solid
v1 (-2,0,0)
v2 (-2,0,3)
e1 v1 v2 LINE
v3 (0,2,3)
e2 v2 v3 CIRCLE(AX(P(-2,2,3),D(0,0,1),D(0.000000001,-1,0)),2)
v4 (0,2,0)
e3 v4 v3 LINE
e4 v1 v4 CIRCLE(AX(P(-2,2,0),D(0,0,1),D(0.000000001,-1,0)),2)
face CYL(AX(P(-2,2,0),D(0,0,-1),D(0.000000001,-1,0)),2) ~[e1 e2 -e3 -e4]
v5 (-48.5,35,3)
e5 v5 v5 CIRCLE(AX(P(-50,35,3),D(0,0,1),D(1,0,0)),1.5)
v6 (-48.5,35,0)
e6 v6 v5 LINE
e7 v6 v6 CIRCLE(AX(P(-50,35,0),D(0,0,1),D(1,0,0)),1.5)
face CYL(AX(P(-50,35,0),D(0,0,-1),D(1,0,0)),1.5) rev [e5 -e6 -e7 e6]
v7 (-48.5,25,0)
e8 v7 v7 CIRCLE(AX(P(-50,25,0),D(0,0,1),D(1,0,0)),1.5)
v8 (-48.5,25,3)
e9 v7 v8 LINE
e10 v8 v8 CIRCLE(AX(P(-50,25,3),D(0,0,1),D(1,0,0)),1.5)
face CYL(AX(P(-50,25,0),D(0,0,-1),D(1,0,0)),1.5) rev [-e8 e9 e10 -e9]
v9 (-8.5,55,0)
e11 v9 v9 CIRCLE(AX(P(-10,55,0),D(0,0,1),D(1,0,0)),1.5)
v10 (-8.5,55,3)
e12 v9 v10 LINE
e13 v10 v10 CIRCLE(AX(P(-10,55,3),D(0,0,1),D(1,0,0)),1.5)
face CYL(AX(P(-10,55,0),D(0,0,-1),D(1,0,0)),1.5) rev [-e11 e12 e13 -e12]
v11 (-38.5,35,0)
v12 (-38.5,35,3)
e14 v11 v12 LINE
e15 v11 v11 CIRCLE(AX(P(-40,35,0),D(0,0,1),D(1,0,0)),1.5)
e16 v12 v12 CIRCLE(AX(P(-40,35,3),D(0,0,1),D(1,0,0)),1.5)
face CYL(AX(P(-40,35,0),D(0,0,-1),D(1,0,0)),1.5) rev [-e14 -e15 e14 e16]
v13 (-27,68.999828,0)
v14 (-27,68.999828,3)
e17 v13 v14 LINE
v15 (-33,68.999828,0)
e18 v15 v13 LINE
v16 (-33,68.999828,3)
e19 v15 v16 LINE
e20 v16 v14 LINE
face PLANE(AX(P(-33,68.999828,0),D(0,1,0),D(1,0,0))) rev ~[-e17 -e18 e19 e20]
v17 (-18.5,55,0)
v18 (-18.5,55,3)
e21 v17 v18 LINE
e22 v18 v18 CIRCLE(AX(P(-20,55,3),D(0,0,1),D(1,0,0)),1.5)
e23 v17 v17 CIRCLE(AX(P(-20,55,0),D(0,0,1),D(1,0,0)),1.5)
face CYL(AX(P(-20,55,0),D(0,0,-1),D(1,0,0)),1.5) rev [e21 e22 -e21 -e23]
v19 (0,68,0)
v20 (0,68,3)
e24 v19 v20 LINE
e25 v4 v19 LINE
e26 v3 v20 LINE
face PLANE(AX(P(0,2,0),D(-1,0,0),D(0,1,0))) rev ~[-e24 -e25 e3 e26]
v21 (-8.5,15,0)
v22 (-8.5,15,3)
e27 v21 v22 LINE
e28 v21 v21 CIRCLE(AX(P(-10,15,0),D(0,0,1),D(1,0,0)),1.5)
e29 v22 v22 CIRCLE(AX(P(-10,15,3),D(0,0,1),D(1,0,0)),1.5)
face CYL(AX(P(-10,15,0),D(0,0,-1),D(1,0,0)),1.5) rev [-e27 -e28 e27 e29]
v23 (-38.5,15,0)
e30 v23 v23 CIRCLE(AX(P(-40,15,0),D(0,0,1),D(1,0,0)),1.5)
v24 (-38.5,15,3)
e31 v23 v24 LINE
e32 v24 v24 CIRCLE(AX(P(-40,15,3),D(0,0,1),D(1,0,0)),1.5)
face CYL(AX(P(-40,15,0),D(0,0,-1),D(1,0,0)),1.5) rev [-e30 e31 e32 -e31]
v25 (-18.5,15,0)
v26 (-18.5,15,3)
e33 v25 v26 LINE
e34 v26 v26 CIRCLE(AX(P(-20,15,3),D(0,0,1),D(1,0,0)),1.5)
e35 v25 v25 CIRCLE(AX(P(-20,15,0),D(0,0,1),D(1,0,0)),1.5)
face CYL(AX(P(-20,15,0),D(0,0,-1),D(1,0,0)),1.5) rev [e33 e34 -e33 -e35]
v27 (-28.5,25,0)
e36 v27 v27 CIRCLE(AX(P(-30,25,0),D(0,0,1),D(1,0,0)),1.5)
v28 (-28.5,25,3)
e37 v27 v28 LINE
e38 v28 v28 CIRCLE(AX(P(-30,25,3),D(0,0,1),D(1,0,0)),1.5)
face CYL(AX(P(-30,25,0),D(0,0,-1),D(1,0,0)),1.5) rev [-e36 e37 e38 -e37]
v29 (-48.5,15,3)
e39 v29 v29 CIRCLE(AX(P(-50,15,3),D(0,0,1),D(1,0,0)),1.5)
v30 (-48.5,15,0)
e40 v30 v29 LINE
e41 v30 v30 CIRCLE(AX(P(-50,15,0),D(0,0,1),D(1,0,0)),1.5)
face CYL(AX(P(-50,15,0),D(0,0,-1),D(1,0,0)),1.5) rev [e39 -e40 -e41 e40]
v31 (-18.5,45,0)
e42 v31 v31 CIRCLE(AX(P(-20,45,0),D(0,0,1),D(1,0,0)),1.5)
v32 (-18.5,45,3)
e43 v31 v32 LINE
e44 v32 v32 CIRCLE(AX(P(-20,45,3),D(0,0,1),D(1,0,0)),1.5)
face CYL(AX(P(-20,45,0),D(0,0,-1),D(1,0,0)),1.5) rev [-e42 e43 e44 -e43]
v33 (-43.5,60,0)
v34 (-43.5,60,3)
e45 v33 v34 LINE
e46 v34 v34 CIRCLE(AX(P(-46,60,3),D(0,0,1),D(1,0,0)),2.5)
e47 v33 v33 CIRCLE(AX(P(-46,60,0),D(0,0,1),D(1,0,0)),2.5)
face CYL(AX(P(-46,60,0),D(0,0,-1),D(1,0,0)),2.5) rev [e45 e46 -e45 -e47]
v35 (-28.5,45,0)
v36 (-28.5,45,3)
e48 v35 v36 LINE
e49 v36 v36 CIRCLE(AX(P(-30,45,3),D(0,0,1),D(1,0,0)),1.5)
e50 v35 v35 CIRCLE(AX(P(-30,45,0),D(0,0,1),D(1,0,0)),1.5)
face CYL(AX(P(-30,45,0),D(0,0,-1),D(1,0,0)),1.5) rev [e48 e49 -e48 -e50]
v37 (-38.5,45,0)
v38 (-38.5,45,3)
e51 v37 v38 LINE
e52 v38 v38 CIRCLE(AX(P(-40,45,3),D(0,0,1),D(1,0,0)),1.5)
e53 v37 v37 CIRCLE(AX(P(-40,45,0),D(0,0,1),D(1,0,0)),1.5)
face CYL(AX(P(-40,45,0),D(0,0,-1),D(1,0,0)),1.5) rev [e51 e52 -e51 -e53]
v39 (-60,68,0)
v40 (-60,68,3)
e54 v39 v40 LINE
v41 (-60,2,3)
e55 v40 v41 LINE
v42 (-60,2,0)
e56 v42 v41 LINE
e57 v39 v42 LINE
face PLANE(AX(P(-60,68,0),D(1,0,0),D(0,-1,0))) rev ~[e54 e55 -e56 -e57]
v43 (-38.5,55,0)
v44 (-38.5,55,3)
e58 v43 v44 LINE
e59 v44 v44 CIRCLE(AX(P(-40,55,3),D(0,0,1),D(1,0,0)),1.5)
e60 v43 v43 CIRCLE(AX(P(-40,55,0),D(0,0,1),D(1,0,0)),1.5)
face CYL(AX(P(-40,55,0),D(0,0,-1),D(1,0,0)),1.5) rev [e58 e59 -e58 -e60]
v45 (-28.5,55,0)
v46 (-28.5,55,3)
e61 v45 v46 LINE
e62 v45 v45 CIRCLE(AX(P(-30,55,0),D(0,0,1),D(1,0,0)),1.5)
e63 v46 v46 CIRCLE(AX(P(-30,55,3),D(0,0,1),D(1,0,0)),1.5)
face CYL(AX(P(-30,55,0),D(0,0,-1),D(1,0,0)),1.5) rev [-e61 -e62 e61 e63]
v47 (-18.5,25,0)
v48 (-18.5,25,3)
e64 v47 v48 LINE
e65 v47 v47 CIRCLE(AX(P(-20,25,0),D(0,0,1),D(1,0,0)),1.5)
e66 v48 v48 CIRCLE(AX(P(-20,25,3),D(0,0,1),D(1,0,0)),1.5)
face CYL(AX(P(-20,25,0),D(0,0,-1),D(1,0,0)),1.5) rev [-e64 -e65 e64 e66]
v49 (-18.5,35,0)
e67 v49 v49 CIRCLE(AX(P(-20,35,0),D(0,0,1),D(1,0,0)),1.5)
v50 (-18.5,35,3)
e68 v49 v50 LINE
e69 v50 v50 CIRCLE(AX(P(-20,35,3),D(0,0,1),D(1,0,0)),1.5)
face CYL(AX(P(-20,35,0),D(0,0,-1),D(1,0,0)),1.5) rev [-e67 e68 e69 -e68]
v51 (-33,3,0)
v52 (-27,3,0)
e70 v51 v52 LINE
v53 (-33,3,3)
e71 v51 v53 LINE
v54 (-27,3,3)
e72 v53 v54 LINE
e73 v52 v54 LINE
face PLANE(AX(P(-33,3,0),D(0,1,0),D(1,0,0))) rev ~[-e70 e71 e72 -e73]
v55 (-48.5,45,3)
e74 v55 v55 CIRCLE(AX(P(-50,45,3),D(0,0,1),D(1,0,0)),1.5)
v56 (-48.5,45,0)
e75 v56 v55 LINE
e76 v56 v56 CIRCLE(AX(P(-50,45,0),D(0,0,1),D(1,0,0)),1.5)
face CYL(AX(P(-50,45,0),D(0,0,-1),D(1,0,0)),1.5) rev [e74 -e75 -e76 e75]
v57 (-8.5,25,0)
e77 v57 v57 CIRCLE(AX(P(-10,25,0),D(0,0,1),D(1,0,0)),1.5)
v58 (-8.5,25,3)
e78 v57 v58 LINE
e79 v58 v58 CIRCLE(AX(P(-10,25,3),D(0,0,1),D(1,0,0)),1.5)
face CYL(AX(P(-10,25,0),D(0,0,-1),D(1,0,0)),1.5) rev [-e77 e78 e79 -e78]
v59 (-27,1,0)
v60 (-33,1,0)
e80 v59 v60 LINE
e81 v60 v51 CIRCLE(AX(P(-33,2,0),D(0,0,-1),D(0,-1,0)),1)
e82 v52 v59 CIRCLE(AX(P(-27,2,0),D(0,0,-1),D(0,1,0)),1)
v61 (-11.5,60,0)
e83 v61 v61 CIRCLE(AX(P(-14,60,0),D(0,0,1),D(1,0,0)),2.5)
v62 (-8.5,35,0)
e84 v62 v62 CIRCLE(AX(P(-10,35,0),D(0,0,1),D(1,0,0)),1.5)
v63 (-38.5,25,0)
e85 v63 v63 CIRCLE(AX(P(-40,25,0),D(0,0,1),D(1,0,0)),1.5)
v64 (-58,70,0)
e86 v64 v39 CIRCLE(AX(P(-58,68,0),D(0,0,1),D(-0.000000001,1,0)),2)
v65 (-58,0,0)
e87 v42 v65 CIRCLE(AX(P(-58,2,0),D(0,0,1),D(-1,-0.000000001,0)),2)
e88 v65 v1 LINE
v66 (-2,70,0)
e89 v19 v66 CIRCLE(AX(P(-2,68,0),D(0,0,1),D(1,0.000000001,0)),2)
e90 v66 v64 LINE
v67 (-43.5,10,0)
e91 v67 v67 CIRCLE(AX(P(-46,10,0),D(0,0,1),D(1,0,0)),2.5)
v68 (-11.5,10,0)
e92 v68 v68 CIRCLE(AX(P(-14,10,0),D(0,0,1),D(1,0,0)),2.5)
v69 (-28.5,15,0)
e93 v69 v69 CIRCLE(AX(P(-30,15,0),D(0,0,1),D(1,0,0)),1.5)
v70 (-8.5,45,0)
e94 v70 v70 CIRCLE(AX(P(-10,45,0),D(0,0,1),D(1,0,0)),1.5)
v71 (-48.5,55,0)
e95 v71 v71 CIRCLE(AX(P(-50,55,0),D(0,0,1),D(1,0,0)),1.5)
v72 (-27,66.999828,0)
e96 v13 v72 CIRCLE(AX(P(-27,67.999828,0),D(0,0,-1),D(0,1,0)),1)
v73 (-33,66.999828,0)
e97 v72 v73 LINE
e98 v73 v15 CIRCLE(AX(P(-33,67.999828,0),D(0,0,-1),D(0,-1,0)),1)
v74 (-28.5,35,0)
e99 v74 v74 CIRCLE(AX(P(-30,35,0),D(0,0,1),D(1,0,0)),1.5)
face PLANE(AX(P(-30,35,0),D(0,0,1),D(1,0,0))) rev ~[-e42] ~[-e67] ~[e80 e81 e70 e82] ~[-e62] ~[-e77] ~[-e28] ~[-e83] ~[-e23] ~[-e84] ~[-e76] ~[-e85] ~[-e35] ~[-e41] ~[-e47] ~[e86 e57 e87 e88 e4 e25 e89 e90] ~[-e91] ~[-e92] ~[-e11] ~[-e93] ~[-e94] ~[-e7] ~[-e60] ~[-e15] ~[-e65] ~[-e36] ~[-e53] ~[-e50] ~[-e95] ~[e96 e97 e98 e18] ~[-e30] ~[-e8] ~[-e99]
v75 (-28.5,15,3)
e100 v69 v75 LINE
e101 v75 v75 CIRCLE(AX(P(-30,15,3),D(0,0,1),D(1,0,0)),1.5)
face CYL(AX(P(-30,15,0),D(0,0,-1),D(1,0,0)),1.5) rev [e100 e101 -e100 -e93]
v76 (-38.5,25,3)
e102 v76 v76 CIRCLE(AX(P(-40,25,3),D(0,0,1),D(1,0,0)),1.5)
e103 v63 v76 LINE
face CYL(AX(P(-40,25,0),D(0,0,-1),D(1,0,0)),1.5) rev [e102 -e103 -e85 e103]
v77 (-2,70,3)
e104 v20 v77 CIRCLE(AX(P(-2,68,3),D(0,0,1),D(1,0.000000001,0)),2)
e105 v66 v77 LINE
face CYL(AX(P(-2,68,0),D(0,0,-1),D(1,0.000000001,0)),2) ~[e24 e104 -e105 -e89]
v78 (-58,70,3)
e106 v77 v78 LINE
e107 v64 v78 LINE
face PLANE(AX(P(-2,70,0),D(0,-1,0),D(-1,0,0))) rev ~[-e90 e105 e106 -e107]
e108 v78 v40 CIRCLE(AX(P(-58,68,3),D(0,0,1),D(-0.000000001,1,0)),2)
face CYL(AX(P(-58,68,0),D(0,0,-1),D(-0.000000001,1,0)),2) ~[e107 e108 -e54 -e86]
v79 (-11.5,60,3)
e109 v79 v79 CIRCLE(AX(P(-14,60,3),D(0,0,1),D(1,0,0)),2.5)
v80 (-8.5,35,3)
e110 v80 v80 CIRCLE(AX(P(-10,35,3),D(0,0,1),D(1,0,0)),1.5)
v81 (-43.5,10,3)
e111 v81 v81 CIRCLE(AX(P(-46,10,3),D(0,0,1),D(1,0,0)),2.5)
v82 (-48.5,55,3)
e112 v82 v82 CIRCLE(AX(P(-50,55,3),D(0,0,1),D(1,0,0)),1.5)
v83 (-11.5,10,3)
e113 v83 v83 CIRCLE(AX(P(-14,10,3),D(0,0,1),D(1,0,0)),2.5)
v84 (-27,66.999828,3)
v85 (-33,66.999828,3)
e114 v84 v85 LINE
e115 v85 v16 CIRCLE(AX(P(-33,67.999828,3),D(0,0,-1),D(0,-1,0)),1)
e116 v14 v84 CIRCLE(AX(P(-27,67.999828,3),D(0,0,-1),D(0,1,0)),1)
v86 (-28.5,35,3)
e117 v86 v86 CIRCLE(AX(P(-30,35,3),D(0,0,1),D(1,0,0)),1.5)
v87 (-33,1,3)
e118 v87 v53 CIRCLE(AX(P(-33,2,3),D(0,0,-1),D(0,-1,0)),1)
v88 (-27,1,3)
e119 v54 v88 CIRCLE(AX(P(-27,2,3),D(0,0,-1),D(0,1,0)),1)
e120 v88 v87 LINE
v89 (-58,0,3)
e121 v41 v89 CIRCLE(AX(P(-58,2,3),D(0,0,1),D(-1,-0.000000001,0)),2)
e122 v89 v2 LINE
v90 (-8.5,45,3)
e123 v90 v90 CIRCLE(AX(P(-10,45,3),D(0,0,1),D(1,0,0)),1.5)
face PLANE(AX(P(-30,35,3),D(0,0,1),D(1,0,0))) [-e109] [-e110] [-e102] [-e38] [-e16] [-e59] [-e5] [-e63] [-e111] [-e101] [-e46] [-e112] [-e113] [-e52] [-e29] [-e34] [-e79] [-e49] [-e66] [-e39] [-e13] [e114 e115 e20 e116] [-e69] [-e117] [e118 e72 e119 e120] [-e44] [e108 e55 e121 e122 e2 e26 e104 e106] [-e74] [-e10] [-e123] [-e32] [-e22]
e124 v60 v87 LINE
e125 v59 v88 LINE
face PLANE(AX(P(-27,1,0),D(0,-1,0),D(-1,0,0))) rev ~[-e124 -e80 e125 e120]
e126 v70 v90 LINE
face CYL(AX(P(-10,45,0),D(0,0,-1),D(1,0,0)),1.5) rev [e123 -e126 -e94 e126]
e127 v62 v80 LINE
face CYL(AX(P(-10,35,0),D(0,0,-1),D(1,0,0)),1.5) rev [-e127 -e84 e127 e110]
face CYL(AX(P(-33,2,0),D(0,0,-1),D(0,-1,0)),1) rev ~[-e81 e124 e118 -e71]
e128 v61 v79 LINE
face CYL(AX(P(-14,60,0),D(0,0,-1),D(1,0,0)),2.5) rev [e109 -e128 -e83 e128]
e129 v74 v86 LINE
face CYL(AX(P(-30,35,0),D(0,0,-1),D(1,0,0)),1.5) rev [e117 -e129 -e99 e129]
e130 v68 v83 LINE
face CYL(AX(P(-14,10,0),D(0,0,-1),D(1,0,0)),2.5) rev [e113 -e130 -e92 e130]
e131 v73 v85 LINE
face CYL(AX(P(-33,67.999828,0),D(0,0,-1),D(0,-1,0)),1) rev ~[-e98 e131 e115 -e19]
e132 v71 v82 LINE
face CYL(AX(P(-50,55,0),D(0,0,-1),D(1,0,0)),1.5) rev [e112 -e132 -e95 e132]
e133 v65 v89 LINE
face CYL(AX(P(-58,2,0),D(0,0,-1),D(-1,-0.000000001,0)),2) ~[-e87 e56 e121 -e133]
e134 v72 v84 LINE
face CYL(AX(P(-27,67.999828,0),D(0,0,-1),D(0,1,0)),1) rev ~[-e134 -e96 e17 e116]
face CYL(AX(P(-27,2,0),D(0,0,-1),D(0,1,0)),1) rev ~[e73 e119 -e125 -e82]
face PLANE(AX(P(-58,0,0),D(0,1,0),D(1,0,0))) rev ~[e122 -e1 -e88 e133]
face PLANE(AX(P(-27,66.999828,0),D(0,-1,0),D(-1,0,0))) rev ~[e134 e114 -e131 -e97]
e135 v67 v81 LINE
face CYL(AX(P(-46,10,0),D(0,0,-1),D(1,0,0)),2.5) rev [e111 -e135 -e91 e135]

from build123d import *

# Parameters (mm, degrees)
MODEL_R             = 1.5
MODEL_R_2           = 2.5
BOSS_EXTRUDE1_DEPTH = 3


with BuildPart() as part:
    # Model → Boss-Extrude1 (new body)
    with BuildSketch(Plane.XY):
        with BuildLine():
            Line((-2, 70), (-58, 70))
            ThreePointArc((-58, 70), (-59.414213562, 69.414213562), (-60, 68))
            Line((-60, 68), (-60, 2))
            ThreePointArc((-60, 2), (-59.414213562, 0.585786438), (-58, 0))
            Line((-58, 0), (-2, 0))
            ThreePointArc((-2, 0), (-0.585786438, 0.585786438), (0, 2))
            Line((0, 2), (0, 68))
            ThreePointArc((0, 68), (-0.585786438, 69.414213562), (-2, 70))
        make_face()
        with Locations((-20, 45)):
            Circle(MODEL_R, mode=Mode.SUBTRACT)
        with Locations((-10, 35)):
            Circle(MODEL_R, mode=Mode.SUBTRACT)
        with Locations((-50, 45)):
            Circle(MODEL_R, mode=Mode.SUBTRACT)
        with Locations((-20, 15)):
            Circle(MODEL_R, mode=Mode.SUBTRACT)
        with Locations((-20, 35)):
            Circle(MODEL_R, mode=Mode.SUBTRACT)
        with Locations((-40, 25)):
            Circle(MODEL_R, mode=Mode.SUBTRACT)
        with Locations((-40, 15)):
            Circle(MODEL_R, mode=Mode.SUBTRACT)
        with Locations((-30, 25)):
            Circle(MODEL_R, mode=Mode.SUBTRACT)
        with Locations((-40, 55)):
            Circle(MODEL_R, mode=Mode.SUBTRACT)
        with Locations((-10, 25)):
            Circle(MODEL_R, mode=Mode.SUBTRACT)
        with Locations((-30, 45)):
            Circle(MODEL_R, mode=Mode.SUBTRACT)
        with Locations((-10, 55)):
            Circle(MODEL_R, mode=Mode.SUBTRACT)
        with Locations((-10, 45)):
            Circle(MODEL_R, mode=Mode.SUBTRACT)
        with Locations((-50, 15)):
            Circle(MODEL_R, mode=Mode.SUBTRACT)
        with Locations((-10, 15)):
            Circle(MODEL_R, mode=Mode.SUBTRACT)
        with Locations((-50, 35)):
            Circle(MODEL_R, mode=Mode.SUBTRACT)
        with Locations((-40, 45)):
            Circle(MODEL_R, mode=Mode.SUBTRACT)
        with Locations((-30, 15)):
            Circle(MODEL_R, mode=Mode.SUBTRACT)
        with Locations((-30, 35)):
            Circle(MODEL_R, mode=Mode.SUBTRACT)
        with Locations((-40, 35)):
            Circle(MODEL_R, mode=Mode.SUBTRACT)
        with Locations((-20, 25)):
            Circle(MODEL_R, mode=Mode.SUBTRACT)
        with Locations((-50, 25)):
            Circle(MODEL_R, mode=Mode.SUBTRACT)
        with Locations((-50, 55)):
            Circle(MODEL_R, mode=Mode.SUBTRACT)
        with Locations((-30, 55)):
            Circle(MODEL_R, mode=Mode.SUBTRACT)
        with Locations((-20, 55)):
            Circle(MODEL_R, mode=Mode.SUBTRACT)
        with Locations((-46, 60)):
            Circle(MODEL_R_2, mode=Mode.SUBTRACT)
        with Locations((-14, 10)):
            Circle(MODEL_R_2, mode=Mode.SUBTRACT)
        with Locations((-14, 60)):
            Circle(MODEL_R_2, mode=Mode.SUBTRACT)
        with Locations((-46, 10)):
            Circle(MODEL_R_2, mode=Mode.SUBTRACT)
        with BuildLine():
            Line((-27, 1), (-33, 1))
            ThreePointArc((-33, 1), (-34, 2), (-33, 3))
            Line((-33, 3), (-27, 3))
            ThreePointArc((-27, 3), (-26, 2), (-27, 1))
        make_face(mode=Mode.SUBTRACT)
        with BuildLine():
            Line((-33, 68.999828109), (-27, 68.999828109))
            ThreePointArc((-27, 68.999828109), (-26, 67.999828109), (-27, 66.999828109))
            Line((-27, 66.999828109), (-33, 66.999828109))
            ThreePointArc((-33, 66.999828109), (-34, 67.999828109), (-33, 68.999828109))
        make_face(mode=Mode.SUBTRACT)
    extrude(amount=BOSS_EXTRUDE1_DEPTH)


solid = part.part
